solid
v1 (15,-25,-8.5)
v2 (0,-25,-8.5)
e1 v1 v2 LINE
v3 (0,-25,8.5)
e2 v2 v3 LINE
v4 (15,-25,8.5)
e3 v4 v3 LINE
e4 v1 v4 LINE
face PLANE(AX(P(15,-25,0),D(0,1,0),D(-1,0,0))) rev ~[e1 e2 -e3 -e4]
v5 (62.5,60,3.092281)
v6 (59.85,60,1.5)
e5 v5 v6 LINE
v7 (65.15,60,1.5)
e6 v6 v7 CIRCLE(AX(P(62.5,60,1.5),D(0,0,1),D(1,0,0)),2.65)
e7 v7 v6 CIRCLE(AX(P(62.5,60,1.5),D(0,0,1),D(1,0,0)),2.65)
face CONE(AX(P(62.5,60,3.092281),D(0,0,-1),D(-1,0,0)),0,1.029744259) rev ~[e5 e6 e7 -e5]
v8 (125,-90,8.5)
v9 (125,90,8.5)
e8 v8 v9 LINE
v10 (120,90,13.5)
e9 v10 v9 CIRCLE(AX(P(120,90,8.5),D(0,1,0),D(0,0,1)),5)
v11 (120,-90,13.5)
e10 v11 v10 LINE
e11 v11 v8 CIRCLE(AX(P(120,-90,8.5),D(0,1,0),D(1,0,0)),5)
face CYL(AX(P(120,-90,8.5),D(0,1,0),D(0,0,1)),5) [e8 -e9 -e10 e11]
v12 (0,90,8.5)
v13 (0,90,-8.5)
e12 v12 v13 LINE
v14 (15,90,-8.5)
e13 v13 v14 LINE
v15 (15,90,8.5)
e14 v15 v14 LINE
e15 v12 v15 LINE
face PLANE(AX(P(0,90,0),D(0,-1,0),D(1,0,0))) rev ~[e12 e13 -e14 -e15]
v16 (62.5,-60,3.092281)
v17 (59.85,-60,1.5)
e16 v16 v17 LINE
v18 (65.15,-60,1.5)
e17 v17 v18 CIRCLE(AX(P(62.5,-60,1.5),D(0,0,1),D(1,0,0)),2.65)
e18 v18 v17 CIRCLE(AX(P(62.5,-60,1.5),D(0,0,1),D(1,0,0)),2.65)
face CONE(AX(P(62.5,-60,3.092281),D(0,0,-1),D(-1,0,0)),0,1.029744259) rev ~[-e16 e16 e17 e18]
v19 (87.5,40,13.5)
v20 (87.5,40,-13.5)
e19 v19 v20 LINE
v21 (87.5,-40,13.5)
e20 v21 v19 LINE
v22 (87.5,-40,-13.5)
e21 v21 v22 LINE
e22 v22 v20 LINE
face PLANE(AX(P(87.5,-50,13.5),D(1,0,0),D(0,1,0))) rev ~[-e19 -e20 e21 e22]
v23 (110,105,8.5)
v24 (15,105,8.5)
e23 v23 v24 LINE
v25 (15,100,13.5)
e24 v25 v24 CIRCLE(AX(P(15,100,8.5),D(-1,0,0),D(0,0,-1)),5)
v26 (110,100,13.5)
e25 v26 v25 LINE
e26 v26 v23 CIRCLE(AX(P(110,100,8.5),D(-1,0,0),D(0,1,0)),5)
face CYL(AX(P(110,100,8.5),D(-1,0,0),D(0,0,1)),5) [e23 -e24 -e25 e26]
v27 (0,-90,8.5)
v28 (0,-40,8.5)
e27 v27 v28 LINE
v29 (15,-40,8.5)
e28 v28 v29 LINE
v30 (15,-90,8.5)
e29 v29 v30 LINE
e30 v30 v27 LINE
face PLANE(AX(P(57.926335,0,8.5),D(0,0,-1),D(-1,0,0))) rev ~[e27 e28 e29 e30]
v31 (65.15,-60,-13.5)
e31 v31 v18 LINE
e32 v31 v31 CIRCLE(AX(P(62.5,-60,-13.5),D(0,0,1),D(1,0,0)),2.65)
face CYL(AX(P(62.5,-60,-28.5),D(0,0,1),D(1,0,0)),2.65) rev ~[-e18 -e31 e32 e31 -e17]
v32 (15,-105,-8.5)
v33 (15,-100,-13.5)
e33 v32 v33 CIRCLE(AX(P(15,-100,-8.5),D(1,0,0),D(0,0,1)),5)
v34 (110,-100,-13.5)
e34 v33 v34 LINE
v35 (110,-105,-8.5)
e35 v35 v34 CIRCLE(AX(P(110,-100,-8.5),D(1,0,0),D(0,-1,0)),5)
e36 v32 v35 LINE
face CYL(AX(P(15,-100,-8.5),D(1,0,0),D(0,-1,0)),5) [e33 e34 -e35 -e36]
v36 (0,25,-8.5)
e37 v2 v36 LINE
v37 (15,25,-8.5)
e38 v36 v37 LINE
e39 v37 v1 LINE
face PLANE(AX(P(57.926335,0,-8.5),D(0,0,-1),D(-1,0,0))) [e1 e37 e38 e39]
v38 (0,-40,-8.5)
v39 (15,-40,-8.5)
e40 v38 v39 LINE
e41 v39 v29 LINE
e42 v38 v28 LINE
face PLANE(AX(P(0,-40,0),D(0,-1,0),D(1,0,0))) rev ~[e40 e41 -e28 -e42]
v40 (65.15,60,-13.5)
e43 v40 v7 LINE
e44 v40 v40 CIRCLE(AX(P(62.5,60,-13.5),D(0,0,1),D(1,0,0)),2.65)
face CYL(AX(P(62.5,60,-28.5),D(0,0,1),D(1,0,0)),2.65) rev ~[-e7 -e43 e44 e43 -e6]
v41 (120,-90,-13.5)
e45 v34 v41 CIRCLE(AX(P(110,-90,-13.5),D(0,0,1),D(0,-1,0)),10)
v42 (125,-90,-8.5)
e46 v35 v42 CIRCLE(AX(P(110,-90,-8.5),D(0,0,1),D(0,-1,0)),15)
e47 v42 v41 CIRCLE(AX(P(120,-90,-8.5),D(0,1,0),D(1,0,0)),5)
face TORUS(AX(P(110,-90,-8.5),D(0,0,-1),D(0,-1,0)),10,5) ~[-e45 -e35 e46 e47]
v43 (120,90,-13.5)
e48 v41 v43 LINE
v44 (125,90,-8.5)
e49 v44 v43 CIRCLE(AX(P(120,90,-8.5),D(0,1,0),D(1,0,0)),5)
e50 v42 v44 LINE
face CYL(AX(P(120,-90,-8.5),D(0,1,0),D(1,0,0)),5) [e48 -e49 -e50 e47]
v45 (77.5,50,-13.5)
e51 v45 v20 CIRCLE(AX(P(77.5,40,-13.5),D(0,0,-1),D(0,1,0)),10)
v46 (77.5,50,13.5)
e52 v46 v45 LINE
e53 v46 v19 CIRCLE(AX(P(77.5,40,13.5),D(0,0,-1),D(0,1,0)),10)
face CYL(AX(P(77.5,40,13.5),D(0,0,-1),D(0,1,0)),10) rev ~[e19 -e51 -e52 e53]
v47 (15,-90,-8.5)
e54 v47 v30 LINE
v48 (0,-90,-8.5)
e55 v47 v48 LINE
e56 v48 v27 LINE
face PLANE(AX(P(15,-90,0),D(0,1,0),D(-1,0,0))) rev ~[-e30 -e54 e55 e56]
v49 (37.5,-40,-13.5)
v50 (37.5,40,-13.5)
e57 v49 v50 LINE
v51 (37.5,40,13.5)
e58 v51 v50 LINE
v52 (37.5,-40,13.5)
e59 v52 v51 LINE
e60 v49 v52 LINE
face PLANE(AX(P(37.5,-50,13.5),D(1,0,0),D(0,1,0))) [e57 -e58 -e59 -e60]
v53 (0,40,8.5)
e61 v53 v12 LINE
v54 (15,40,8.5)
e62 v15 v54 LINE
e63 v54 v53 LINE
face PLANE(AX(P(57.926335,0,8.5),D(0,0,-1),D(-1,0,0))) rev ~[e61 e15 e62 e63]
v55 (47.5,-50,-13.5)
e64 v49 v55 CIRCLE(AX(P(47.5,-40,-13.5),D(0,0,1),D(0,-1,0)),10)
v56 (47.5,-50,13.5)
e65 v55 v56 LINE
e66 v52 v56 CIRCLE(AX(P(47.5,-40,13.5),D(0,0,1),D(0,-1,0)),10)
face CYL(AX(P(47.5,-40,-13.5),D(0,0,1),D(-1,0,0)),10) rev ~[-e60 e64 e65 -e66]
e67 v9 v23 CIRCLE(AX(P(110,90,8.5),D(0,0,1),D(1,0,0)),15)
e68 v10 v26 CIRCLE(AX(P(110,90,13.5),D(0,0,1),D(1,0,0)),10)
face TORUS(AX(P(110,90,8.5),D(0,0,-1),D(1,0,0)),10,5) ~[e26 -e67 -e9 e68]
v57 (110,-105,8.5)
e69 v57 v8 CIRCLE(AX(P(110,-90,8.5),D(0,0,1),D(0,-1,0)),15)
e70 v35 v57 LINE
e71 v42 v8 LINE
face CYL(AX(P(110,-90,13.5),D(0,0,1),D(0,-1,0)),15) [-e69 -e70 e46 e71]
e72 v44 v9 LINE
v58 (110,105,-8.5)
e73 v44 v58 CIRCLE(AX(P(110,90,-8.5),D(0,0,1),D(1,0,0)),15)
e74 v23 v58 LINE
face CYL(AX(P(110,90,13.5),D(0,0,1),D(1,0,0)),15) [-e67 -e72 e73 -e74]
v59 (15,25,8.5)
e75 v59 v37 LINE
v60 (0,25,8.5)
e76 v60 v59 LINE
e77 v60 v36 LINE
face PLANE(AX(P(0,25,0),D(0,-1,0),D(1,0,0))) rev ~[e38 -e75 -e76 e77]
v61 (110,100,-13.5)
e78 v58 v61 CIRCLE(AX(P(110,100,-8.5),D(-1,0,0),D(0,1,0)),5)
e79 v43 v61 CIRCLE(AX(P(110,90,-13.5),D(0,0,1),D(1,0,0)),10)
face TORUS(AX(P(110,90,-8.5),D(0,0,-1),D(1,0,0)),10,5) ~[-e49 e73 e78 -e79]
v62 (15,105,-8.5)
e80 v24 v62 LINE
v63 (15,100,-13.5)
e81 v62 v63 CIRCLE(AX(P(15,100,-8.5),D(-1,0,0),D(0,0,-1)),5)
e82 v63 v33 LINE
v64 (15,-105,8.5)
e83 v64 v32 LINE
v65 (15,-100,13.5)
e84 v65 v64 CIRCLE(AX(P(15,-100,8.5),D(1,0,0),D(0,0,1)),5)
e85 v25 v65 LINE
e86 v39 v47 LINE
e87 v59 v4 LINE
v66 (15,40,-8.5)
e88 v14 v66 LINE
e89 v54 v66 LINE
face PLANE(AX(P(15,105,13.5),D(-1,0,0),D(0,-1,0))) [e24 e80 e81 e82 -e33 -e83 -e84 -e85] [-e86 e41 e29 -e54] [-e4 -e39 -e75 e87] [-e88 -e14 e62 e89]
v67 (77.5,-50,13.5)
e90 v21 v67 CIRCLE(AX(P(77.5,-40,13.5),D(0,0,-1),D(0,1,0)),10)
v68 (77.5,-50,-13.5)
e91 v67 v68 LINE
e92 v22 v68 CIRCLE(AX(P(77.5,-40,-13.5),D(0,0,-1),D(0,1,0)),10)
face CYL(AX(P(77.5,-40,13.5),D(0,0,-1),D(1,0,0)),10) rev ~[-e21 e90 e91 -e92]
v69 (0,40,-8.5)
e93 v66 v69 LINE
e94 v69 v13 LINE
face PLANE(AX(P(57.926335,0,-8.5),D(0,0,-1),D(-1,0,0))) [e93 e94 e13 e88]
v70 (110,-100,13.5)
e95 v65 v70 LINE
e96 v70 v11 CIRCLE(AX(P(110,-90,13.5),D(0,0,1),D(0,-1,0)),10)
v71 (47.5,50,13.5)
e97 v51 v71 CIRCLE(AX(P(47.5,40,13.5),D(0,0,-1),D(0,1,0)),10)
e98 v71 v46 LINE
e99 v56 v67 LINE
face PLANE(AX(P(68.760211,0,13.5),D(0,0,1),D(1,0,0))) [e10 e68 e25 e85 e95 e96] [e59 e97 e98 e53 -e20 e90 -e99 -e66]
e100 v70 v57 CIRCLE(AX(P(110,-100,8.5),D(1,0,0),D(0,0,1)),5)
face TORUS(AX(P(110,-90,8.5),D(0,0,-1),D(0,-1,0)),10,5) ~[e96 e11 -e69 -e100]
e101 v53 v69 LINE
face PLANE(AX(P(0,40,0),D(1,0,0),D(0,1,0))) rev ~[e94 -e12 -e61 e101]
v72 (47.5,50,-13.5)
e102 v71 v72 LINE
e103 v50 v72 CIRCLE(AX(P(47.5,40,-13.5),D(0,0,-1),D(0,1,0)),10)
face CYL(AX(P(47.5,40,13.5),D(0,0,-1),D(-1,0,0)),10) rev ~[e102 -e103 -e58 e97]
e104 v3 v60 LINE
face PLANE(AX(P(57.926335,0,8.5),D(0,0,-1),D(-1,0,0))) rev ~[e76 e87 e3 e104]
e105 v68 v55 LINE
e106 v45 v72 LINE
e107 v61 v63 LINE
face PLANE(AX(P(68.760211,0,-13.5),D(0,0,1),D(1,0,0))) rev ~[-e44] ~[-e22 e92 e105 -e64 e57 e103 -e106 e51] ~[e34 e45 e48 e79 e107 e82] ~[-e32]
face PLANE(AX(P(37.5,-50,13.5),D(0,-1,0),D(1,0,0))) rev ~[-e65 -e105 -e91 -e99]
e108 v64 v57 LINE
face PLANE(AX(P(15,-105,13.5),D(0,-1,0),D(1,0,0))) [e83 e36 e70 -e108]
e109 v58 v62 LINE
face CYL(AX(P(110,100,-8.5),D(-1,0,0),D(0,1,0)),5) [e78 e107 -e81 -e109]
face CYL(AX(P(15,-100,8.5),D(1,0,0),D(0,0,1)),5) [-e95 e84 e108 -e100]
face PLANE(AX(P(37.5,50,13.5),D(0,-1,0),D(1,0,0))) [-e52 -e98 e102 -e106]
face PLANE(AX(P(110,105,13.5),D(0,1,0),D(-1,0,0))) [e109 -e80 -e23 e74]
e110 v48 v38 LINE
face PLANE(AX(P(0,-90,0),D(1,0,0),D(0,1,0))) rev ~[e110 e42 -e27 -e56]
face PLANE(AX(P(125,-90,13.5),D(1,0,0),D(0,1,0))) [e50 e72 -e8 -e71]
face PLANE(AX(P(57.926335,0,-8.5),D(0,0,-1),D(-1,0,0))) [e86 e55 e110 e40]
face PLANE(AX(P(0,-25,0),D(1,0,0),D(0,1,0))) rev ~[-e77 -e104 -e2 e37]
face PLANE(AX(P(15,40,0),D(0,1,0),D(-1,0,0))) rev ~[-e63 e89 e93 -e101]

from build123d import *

# Parameters (mm, degrees)
SKETCH1_W                = 50
SKETCH1_H                = 100
BOSS_EXTRUDE4_DEPTH      = 8.5
SKETCH2_W                = 50
SKETCH2_H                = 100
BOSS_EXTRUDE5_DEPTH      = 5
BOSS_EXTRUDE6_START      = 5
SKETCH3_W                = 50
SKETCH3_H                = 100
BOSS_EXTRUDE6_DEPTH      = 5
FILLET3_R                = 10
M5_CLEARANCE_HOLE1_D     = 5.3
M5_CLEARANCE_HOLE1_DEPTH = 15
M5_CLEARANCE_HOLE1_TIP   = 1.59228064
FILLET2_R                = 5


with BuildPart() as part:
    # Sketch1 → Boss-Extrude4 (new, symmetric)
    with BuildSketch(Plane.XY):
        with BuildLine():
            Line((0, -25), (0, 25))
            Line((0, 25), (15, 25))
            Line((15, 25), (15, 40))
            Line((15, 40), (0, 40))
            Line((0, 40), (0, 90))
            Line((0, 90), (15, 90))
            Line((15, 90), (15, 105))
            Line((15, 105), (110, 105))
            ThreePointArc((110, 105), (120.606601718, 100.606601718), (125, 90))
            Line((125, 90), (125, -90))
            ThreePointArc((125, -90), (120.606601718, -100.606601718), (110, -105))
            Line((110, -105), (15, -105))
            Line((15, -105), (15, -90))
            Line((15, -90), (0, -90))
            Line((0, -90), (0, -40))
            Line((0, -40), (15, -40))
            Line((15, -40), (15, -25))
            Line((15, -25), (0, -25))
        make_face()
        with Locations((62.5, 0)):
            Rectangle(SKETCH1_W, SKETCH1_H, mode=Mode.SUBTRACT)
    extrude(amount=BOSS_EXTRUDE4_DEPTH, both=True)

    # Sketch2 → Boss-Extrude5 (add)
    with BuildSketch(Plane(origin=(0, 0, -8.5), x_dir=(-1, 0, 0), z_dir=(0, 0, -1))):
        with BuildLine():
            Line((-110, 105), (-15, 105))
            Line((-15, 105), (-15, 90))
            Line((-15, 90), (-15, 40))
            Line((-15, 40), (-15, 25))
            Line((-15, 25), (-15, -25))
            Line((-15, -25), (-15, -40))
            Line((-15, -40), (-15, -90))
            Line((-15, -90), (-15, -105))
            Line((-15, -105), (-110, -105))
            ThreePointArc((-110, -105), (-120.606601718, -100.606601718), (-125, -90))
            Line((-125, -90), (-125, 90))
            ThreePointArc((-125, 90), (-120.606601718, 100.606601718), (-110, 105))
        make_face()
        with Locations((-62.5, 0)):
            Rectangle(SKETCH2_W, SKETCH2_H, mode=Mode.SUBTRACT)
    extrude(amount=BOSS_EXTRUDE5_DEPTH)

    # Sketch3 → Boss-Extrude6 (add)
    with BuildSketch(Plane.XY.offset(8.5).offset(BOSS_EXTRUDE6_START)):
        with BuildLine():
            Line((15, -90), (15, -105))
            Line((15, -105), (110, -105))
            ThreePointArc((110, -105), (120.606601718, -100.606601718), (125, -90))
            Line((125, -90), (125, 90))
            ThreePointArc((125, 90), (120.606601718, 100.606601718), (110, 105))
            Line((110, 105), (15, 105))
            Line((15, 105), (15, 90))
            Line((15, 90), (15, 40))
            Line((15, 40), (15, 25))
            Line((15, 25), (15, -25))
            Line((15, -25), (15, -40))
            Line((15, -40), (15, -90))
        make_face()
        with Locations((62.5, 0)):
            Rectangle(SKETCH3_W, SKETCH3_H, mode=Mode.SUBTRACT)
    extrude(amount=-BOSS_EXTRUDE6_DEPTH)

    # Fillet3
    fillet3_edges = [part.edges().sort_by_distance(p)[0] for p in [
        (37.5, 50, 0),
        (37.5, -50, 0),
        (87.5, -50, 0),
        (87.5, 50, 0),
    ]]
    fillet(fillet3_edges, radius=FILLET3_R)

    # M5 Clearance Hole1
    with Locations(Plane(origin=(62.5, 60, -13.5), x_dir=(-1, 0, 0), z_dir=(0, 0, -1))):
        with Locations((0, 0), (0, -120)):
            Hole(M5_CLEARANCE_HOLE1_D / 2, depth=M5_CLEARANCE_HOLE1_DEPTH)
            with Locations((0, 0, -(M5_CLEARANCE_HOLE1_DEPTH + M5_CLEARANCE_HOLE1_TIP / 2))):  # 118° drill point
                Cone(0, M5_CLEARANCE_HOLE1_D / 2, M5_CLEARANCE_HOLE1_TIP, mode=Mode.SUBTRACT)

    # Fillet2
    fillet2_edges = [part.edges().sort_by_distance(p)[0] for p in [
        (62.5, -105, 13.5),
        (120.606601718, -100.606601718, 13.5),
        (125, 0, 13.5),
        (120.606601718, 100.606601718, 13.5),
        (62.5, 105, 13.5),
        (120.606601718, 100.606601718, -13.5),
        (125, 0, -13.5),
        (120.606601718, -100.606601718, -13.5),
        (62.5, -105, -13.5),
        (62.5, 105, -13.5),
    ]]
    fillet(fillet2_edges, radius=FILLET2_R)


solid = part.part
